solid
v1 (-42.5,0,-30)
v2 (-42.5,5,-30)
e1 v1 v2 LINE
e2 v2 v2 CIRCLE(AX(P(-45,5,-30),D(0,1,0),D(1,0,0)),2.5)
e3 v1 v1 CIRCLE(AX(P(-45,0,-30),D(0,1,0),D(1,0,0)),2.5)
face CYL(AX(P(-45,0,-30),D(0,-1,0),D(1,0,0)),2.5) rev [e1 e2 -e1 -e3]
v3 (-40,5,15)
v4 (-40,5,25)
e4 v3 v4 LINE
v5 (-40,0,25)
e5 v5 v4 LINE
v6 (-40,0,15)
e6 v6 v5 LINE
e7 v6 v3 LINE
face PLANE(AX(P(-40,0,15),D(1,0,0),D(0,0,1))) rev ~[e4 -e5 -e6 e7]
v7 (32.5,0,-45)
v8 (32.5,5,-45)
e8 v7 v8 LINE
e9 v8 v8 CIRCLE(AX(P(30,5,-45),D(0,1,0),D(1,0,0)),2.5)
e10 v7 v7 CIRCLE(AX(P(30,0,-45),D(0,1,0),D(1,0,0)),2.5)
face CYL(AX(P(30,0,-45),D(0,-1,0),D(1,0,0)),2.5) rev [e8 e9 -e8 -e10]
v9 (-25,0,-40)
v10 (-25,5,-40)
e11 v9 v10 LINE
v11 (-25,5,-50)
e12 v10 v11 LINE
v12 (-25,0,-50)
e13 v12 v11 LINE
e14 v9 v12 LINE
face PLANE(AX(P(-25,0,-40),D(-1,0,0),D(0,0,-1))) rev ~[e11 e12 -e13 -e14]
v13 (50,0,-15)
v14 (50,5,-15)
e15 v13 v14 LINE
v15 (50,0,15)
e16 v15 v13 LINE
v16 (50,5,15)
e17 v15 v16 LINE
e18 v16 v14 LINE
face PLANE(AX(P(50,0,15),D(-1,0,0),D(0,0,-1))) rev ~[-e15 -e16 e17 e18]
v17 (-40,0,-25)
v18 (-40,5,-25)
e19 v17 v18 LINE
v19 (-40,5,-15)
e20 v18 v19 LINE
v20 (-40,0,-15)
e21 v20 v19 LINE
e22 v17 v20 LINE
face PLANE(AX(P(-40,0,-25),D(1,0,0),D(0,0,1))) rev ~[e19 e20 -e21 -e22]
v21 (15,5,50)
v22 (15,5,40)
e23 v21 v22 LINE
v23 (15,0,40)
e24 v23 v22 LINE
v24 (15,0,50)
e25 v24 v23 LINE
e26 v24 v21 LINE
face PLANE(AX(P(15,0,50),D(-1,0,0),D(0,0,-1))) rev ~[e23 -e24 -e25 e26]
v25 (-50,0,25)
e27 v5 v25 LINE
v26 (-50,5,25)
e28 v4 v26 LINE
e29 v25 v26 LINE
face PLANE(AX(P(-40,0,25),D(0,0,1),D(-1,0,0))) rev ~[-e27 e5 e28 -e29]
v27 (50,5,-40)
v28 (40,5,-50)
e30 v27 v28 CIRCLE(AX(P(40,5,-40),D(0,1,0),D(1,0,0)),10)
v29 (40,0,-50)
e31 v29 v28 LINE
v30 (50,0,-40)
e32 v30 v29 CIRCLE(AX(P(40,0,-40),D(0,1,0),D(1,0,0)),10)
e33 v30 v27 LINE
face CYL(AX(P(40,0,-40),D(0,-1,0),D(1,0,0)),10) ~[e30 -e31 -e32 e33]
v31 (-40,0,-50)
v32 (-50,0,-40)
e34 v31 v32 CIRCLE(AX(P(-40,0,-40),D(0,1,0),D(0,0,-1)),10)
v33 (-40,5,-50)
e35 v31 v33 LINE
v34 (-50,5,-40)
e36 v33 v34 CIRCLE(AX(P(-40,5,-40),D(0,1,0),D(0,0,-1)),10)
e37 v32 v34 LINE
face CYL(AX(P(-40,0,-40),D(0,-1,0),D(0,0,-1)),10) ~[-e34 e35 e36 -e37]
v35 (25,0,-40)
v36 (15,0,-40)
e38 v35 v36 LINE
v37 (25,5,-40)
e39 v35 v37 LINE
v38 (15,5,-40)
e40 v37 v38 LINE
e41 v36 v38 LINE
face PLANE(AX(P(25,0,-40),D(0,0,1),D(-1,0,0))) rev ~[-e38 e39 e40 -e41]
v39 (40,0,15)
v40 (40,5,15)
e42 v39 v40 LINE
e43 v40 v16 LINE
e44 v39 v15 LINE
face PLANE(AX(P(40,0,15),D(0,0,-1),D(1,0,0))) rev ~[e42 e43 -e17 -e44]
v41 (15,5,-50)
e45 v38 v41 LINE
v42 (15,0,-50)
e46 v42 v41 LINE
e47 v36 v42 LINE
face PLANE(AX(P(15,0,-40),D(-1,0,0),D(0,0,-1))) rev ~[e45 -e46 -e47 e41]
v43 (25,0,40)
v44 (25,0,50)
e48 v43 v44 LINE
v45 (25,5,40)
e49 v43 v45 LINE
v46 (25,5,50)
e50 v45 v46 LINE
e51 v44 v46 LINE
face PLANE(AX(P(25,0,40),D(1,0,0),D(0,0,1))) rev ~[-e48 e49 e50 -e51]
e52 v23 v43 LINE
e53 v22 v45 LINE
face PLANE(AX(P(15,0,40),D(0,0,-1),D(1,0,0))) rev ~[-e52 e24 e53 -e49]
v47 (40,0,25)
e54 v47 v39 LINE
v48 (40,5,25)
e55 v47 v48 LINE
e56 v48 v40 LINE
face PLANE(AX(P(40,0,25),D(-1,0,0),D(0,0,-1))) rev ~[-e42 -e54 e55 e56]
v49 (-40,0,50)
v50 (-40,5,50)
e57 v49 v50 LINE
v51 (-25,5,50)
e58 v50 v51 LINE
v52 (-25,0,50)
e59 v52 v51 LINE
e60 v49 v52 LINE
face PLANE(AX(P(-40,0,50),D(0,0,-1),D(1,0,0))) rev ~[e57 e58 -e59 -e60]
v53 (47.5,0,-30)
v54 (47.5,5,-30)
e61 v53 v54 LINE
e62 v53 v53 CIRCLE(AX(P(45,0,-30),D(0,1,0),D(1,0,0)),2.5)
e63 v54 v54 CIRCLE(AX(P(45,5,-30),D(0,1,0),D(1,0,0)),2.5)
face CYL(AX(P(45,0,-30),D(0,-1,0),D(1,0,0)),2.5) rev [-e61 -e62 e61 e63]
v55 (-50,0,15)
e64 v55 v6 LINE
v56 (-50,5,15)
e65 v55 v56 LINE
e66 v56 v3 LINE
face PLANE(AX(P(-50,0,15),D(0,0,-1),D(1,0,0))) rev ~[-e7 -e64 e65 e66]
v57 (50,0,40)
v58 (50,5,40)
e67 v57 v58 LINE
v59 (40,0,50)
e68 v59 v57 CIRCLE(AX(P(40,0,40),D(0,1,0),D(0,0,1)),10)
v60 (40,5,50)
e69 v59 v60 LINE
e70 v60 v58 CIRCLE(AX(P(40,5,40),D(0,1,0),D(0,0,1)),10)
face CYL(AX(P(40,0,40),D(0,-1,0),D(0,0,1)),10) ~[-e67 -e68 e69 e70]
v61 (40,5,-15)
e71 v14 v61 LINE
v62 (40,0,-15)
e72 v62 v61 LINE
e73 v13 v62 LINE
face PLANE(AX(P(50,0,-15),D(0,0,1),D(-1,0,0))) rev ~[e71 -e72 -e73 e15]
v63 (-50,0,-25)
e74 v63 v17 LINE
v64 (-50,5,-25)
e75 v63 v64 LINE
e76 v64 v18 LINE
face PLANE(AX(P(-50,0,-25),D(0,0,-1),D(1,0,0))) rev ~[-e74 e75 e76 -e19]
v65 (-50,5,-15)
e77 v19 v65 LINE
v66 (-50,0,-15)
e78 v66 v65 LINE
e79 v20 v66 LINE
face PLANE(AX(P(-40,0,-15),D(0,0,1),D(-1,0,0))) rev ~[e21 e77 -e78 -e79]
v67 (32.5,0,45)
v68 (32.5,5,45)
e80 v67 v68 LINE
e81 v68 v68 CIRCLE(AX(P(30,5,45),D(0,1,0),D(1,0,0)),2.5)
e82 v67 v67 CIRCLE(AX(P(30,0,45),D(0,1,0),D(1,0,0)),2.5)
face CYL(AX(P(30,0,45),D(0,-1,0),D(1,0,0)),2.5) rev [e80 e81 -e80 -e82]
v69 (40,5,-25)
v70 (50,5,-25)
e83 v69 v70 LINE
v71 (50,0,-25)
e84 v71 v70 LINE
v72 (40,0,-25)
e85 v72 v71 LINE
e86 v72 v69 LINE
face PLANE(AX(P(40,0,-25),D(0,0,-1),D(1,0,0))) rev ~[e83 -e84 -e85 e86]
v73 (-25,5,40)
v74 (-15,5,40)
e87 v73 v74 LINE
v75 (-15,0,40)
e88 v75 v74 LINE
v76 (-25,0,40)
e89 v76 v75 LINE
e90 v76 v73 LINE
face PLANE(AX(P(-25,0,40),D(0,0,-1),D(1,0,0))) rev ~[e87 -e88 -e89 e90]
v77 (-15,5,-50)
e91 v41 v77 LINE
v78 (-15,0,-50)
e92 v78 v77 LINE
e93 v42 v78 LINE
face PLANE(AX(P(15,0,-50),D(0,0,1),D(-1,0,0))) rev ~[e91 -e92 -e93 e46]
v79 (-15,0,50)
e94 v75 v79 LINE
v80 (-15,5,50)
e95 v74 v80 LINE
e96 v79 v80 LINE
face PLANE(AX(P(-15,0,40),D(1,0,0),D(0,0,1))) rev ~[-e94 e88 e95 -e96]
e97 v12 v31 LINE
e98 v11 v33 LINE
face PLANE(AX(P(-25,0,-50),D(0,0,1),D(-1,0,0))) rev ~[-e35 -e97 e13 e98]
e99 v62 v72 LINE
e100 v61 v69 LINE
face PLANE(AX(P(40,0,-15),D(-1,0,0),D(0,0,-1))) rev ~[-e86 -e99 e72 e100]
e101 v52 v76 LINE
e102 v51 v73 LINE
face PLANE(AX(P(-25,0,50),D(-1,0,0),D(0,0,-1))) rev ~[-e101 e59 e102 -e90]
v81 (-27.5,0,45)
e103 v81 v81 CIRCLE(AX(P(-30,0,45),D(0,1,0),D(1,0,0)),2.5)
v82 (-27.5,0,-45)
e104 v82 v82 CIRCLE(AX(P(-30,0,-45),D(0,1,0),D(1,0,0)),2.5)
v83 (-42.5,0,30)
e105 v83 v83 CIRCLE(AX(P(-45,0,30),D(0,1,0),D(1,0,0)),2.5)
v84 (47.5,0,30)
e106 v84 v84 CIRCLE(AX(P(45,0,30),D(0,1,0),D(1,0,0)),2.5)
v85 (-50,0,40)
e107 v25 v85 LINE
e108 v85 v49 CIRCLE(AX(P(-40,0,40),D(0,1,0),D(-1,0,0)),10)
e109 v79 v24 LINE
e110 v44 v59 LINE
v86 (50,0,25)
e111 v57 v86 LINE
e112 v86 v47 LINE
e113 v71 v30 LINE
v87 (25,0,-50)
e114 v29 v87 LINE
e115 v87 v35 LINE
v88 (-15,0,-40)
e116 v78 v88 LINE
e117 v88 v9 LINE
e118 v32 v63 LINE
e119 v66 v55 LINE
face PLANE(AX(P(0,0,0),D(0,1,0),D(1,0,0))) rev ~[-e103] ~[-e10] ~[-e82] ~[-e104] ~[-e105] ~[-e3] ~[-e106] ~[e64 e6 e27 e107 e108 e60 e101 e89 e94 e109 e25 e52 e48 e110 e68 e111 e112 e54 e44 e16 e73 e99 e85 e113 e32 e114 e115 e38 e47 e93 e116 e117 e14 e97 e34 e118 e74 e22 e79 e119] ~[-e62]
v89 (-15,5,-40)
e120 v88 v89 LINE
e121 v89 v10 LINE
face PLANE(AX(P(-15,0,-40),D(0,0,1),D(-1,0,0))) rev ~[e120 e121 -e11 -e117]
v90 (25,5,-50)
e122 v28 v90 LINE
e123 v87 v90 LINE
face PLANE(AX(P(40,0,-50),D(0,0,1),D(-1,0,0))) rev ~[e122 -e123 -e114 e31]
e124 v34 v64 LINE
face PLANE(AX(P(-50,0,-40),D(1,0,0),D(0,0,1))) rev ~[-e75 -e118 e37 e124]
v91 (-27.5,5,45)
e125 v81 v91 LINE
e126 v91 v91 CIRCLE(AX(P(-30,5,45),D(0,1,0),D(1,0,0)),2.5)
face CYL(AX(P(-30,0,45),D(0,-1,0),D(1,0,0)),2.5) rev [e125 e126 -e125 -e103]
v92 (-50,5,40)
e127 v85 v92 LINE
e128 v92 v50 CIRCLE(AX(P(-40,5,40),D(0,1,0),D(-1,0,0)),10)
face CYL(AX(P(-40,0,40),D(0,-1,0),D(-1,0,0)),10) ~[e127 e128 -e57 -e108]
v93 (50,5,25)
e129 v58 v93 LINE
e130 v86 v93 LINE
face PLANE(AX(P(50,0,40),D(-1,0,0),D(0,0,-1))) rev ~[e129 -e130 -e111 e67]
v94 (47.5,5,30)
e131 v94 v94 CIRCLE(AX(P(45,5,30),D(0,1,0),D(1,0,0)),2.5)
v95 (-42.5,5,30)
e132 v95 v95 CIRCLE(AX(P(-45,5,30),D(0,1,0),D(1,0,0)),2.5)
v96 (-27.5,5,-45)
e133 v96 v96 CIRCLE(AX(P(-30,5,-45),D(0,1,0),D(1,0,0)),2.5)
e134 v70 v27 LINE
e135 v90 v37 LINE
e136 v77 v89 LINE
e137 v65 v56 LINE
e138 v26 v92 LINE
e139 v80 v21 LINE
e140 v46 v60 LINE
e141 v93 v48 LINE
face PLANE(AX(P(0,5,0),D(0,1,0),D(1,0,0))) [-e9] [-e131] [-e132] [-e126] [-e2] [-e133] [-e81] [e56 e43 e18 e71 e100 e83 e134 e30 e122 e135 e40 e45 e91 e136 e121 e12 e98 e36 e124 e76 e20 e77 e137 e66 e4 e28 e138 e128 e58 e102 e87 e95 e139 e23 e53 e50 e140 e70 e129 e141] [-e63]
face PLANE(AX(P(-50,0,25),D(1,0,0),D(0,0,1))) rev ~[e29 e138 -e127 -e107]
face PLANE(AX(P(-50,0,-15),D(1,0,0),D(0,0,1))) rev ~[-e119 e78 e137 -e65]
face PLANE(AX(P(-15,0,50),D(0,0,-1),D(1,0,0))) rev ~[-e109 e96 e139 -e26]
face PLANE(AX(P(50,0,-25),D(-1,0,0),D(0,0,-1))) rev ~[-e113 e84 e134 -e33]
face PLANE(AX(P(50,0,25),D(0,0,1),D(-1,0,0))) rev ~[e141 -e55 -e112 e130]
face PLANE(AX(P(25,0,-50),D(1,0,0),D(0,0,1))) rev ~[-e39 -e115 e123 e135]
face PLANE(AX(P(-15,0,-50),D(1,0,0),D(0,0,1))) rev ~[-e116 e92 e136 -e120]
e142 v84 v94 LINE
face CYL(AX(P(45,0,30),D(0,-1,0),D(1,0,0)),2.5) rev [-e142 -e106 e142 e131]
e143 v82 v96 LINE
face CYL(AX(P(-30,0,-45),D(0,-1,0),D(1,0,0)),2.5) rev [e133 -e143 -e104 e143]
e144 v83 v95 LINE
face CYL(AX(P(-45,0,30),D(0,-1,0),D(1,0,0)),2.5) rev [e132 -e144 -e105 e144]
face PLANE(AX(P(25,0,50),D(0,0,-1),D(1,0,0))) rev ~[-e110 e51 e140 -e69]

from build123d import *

# Parameters (mm, degrees)
SKETCH1_R           = 2.5
BOSS_EXTRUDE1_DEPTH = 5


with BuildPart() as part:
    # Sketch1 → Boss-Extrude1 (new body)
    with BuildSketch(Plane(origin=(0, 0, 0), x_dir=(1, 0, 0), z_dir=(0, 1, 0))):
        with BuildLine():
            Line((25, -50), (40, -50))
            ThreePointArc((40, -50), (47.071067812, -47.071067812), (50, -40))
            Line((50, -40), (50, -25))
            Line((50, -25), (40, -25))
            Line((40, -25), (40, -15))
            Line((40, -15), (50, -15))
            Line((50, -15), (50, 15))
            Line((50, 15), (40, 15))
            Line((40, 15), (40, 25))
            Line((40, 25), (50, 25))
            Line((50, 25), (50, 40))
            ThreePointArc((50, 40), (47.071067812, 47.071067812), (40, 50))
            Line((40, 50), (30, 50))
            Line((30, 50), (25, 50))
            Line((25, 50), (25, 40))
            Line((25, 40), (15, 40))
            Line((15, 40), (15, 50))
            Line((15, 50), (-15, 50))
            Line((-15, 50), (-15, 40))
            Line((-15, 40), (-25, 40))
            Line((-25, 40), (-25, 50))
            Line((-25, 50), (-40, 50))
            ThreePointArc((-40, 50), (-47.071067812, 47.071067812), (-50, 40))
            Line((-50, 40), (-50, 25))
            Line((-50, 25), (-40, 25))
            Line((-40, 25), (-40, 15))
            Line((-40, 15), (-50, 15))
            Line((-50, 15), (-50, -15))
            Line((-50, -15), (-40, -15))
            Line((-40, -15), (-40, -25))
            Line((-40, -25), (-50, -25))
            Line((-50, -25), (-50, -40))
            ThreePointArc((-50, -40), (-47.071067812, -47.071067812), (-40, -50))
            Line((-40, -50), (-25, -50))
            Line((-25, -50), (-25, -40))
            Line((-25, -40), (-15, -40))
            Line((-15, -40), (-15, -50))
            Line((-15, -50), (15, -50))
            Line((15, -50), (15, -40))
            Line((15, -40), (25, -40))
            Line((25, -40), (25, -50))
        make_face()
        with Locations((-30, -45)):
            Circle(SKETCH1_R, mode=Mode.SUBTRACT)
        with Locations((-45, -30)):
            Circle(SKETCH1_R, mode=Mode.SUBTRACT)
        with Locations((30, -45)):
            Circle(SKETCH1_R, mode=Mode.SUBTRACT)
        with Locations((45, -30)):
            Circle(SKETCH1_R, mode=Mode.SUBTRACT)
        with Locations((-45, 30)):
            Circle(SKETCH1_R, mode=Mode.SUBTRACT)
        with Locations((-30, 45)):
            Circle(SKETCH1_R, mode=Mode.SUBTRACT)
        with Locations((45, 30)):
            Circle(SKETCH1_R, mode=Mode.SUBTRACT)
        with Locations((30, 45)):
            Circle(SKETCH1_R, mode=Mode.SUBTRACT)
    extrude(amount=BOSS_EXTRUDE1_DEPTH)


solid = part.part
